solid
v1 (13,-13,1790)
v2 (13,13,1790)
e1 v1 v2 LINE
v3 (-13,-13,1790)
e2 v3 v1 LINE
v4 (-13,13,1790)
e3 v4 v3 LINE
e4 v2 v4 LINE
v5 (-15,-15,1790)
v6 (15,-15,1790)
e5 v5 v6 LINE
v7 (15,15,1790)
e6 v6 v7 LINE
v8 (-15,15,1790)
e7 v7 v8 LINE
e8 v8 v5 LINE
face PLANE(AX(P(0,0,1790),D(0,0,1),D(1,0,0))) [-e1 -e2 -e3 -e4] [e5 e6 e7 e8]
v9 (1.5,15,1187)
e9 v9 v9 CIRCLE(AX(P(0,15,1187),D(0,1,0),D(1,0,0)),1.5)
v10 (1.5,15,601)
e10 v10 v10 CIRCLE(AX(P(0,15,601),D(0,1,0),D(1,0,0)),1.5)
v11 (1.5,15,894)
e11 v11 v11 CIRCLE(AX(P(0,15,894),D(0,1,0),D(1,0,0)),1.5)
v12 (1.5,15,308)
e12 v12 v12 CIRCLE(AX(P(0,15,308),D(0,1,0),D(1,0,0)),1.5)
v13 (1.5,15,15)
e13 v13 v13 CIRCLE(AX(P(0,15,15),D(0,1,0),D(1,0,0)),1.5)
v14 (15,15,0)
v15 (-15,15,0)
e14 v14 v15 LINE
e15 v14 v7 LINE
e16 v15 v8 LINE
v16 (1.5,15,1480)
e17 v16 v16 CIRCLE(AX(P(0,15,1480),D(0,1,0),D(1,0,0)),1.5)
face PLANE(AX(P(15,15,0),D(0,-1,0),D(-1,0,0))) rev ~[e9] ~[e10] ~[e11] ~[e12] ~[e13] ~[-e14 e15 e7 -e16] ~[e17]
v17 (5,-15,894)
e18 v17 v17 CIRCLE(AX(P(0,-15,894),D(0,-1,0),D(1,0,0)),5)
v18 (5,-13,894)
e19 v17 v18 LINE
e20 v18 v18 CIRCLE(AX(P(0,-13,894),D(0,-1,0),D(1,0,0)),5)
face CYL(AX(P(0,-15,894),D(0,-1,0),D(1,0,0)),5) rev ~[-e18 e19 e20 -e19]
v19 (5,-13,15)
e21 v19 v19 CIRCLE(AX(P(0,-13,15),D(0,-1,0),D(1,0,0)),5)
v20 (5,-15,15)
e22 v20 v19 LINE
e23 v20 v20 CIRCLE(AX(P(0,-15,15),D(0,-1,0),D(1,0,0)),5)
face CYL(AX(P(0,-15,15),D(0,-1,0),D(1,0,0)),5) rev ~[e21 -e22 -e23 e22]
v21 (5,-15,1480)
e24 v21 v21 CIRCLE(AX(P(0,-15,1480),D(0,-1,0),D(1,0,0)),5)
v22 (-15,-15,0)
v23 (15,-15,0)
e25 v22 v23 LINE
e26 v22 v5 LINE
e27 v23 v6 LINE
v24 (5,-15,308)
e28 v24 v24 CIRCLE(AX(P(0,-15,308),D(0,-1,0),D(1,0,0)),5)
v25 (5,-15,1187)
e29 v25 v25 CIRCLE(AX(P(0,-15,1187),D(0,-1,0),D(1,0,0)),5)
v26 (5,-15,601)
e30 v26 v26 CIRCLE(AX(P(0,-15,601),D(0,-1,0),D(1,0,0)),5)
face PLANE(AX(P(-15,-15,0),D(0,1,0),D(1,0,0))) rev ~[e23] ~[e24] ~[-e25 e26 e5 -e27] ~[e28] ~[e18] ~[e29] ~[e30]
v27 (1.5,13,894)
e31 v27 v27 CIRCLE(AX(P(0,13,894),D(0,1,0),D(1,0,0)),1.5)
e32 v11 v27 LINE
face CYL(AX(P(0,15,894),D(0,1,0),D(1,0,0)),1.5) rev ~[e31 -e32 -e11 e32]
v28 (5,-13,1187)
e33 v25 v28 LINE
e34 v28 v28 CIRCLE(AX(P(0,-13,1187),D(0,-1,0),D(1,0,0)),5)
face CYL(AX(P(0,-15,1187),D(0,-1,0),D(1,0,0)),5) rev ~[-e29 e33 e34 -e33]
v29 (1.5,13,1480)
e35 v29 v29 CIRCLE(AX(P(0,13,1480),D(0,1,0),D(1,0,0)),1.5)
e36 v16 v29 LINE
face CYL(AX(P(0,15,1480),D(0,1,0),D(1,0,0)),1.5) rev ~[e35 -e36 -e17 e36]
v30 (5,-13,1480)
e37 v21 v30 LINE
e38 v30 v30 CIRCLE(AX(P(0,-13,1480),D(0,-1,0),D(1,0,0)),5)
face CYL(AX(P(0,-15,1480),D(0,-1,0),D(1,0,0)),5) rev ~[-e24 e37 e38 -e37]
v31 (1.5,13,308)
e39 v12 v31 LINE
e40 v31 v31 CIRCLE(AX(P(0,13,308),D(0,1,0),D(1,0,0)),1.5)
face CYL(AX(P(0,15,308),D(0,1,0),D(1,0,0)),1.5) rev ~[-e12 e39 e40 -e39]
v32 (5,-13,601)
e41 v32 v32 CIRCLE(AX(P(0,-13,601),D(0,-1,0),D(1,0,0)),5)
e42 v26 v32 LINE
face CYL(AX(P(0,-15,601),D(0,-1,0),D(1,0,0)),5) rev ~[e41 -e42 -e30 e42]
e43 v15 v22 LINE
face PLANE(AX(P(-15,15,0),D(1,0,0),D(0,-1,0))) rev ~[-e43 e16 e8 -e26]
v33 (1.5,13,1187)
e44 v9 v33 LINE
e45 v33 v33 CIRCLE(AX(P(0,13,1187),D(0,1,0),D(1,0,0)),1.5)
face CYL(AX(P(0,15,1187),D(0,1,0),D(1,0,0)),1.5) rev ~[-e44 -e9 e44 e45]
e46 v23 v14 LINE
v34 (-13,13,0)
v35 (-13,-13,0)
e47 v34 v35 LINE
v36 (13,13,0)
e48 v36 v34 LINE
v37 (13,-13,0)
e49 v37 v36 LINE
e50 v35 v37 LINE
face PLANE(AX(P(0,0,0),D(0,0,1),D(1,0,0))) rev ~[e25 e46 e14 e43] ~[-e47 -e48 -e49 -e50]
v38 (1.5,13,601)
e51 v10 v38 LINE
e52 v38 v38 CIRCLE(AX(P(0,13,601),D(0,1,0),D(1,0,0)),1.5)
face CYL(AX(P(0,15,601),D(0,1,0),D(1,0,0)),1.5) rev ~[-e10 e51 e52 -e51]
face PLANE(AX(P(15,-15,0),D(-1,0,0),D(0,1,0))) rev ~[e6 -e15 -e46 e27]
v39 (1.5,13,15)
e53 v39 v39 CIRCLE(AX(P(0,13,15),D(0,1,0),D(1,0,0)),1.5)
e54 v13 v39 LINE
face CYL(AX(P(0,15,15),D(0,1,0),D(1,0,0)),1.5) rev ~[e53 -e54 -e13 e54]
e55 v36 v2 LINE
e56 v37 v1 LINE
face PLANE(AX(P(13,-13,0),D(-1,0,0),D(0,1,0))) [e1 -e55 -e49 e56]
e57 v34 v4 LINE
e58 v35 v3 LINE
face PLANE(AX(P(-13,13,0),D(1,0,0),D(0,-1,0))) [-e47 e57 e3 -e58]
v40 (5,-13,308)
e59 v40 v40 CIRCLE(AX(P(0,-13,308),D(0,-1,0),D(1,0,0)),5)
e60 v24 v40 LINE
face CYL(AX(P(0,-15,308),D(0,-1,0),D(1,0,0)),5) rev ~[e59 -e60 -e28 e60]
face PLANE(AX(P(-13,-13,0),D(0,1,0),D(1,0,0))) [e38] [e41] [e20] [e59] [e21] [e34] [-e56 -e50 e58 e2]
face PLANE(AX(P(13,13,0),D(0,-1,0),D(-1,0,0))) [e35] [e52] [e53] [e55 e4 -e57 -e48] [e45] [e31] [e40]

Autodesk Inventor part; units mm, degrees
ref_plane "YZ Plane" through (0, 0, 0) normal (1, 0, 0) x (0, 1, 0)
ref_plane "XZ Plane" through (0, 0, 0) normal (0, 1, 0) x (-1, 0, 0)
ref_plane "XY Plane" through (0, 0, 0) normal (0, 0, 1) x (1, 0, 0)
sketch "Náčrt1" plane through (0, 0, 0) normal (0, 0, 1) x (1, 0, 0)
  line L0 (-15, -15) -> (15, -15)
  line L1 (15, -15) -> (15, 15)
  line L2 (15, 15) -> (-15, 15)
  line L3 (-15, 15) -> (-15, -15)
  line L4 (-15, -15) -> (15, 15) construction
  line L5 (15, -15) -> (-15, 15) construction
  line L6 (-13, -13) -> (13, -13)
  line L7 (13, -13) -> (13, 13)
  line L8 (13, 13) -> (-13, 13)
  line L9 (-13, 13) -> (-13, -13)
  line L10 (-13, -13) -> (13, 13) construction
  line L11 (13, -13) -> (-13, 13) construction
  point P0 (0, 0)
  dimension "d0" = 30
  dimension "d1" = 30
  dimension "d2" = 26
  dimension "d3" = 26
extrude "Vysunutí1" add sketch "Náčrt1" along normal blind 1790
sketch "Náčrt2" plane through (-15, 15, 0) normal (0, 1, 0) x (1, 0, 0)
  circle A0 centre (15, -15) radius 1.5
  line L0 (30, 0) -> (0, 0) projected
  line L1 (0, 0) -> (0, -1790) projected
  line L2 (30, -1790) -> (0, -1790) projected
  line L3 (30, 0) -> (30, -1790) projected
  point P0 (15, 0)
  dimension "d8" = 3
  dimension "d13" = 15
  dimension "d19" = 15
extrude "Vysunutí2" cut sketch "Náčrt2" against normal up to surface (2 mm away) contours A0
sketch "Náčrt3" plane through (-15, -15, 0) normal (0, -1, 0) x (1, 0, 0)
  line L0 (30, 0) -> (0, 0) projected
  line L1 (0, 0) -> (0, 1790) projected
  line L2 (30, 1790) -> (0, 1790) projected
  line L3 (30, 0) -> (30, 1790) projected
  circle A0 centre (15, 15) radius 1.5 projected
  circle A1 centre (15, 15) radius 5
  point P0 (15, 0)
  dimension "d15" = 10
extrude "Vysunutí3" cut sketch "Náčrt3" against normal up to surface (2 mm away) contours A0 | A1
pattern_linear "Obdélníkové pole1" count 6 spacing 293 along (0, 0, 1) of "Vysunutí2"
pattern_linear "Obdélníkové pole3" count 6 spacing 293 along (0, 0, 1) of "Vysunutí3"
equation "\"d0\" = width"
equation "\"d1\" = width"
equation "\"d2\" = width - 2 * thickness"
equation "\"d3\" = width - 2 * thickness"
equation "\"d4\" = length"
equation "\"d8\" = holeDia"
equation "\"d13\" = holeOffset"
equation "\"d19\" = 0.5 * width"
equation "\"d15\" = holeDiaOpposite"
equation "\"d22\" = holeDistance"
equation "\"d28\" = holeDistance"
equation "\"width\" = gSquareProfile_Width_Rack"
equation "\"thickness\" = gSquareProfile_Thickness_Rack"
equation "\"length\" = gRack_Rom_Height - 2 * width"
equation "\"holeDistance\" = 293"
equation "\"holeDiaOpposite\" = 10"
equation "\"holeDia\" = 3"
equation "\"holeOffset\" = 0.5 * width"
equation "\"gSquareProfile_Width_Rack\" = 30"
equation "\"gSquareProfile_Thickness_Rack\" = 2"
equation "\"gRack_Rom_Height\" = 1850"
properties part number "Profile-Square#16"
